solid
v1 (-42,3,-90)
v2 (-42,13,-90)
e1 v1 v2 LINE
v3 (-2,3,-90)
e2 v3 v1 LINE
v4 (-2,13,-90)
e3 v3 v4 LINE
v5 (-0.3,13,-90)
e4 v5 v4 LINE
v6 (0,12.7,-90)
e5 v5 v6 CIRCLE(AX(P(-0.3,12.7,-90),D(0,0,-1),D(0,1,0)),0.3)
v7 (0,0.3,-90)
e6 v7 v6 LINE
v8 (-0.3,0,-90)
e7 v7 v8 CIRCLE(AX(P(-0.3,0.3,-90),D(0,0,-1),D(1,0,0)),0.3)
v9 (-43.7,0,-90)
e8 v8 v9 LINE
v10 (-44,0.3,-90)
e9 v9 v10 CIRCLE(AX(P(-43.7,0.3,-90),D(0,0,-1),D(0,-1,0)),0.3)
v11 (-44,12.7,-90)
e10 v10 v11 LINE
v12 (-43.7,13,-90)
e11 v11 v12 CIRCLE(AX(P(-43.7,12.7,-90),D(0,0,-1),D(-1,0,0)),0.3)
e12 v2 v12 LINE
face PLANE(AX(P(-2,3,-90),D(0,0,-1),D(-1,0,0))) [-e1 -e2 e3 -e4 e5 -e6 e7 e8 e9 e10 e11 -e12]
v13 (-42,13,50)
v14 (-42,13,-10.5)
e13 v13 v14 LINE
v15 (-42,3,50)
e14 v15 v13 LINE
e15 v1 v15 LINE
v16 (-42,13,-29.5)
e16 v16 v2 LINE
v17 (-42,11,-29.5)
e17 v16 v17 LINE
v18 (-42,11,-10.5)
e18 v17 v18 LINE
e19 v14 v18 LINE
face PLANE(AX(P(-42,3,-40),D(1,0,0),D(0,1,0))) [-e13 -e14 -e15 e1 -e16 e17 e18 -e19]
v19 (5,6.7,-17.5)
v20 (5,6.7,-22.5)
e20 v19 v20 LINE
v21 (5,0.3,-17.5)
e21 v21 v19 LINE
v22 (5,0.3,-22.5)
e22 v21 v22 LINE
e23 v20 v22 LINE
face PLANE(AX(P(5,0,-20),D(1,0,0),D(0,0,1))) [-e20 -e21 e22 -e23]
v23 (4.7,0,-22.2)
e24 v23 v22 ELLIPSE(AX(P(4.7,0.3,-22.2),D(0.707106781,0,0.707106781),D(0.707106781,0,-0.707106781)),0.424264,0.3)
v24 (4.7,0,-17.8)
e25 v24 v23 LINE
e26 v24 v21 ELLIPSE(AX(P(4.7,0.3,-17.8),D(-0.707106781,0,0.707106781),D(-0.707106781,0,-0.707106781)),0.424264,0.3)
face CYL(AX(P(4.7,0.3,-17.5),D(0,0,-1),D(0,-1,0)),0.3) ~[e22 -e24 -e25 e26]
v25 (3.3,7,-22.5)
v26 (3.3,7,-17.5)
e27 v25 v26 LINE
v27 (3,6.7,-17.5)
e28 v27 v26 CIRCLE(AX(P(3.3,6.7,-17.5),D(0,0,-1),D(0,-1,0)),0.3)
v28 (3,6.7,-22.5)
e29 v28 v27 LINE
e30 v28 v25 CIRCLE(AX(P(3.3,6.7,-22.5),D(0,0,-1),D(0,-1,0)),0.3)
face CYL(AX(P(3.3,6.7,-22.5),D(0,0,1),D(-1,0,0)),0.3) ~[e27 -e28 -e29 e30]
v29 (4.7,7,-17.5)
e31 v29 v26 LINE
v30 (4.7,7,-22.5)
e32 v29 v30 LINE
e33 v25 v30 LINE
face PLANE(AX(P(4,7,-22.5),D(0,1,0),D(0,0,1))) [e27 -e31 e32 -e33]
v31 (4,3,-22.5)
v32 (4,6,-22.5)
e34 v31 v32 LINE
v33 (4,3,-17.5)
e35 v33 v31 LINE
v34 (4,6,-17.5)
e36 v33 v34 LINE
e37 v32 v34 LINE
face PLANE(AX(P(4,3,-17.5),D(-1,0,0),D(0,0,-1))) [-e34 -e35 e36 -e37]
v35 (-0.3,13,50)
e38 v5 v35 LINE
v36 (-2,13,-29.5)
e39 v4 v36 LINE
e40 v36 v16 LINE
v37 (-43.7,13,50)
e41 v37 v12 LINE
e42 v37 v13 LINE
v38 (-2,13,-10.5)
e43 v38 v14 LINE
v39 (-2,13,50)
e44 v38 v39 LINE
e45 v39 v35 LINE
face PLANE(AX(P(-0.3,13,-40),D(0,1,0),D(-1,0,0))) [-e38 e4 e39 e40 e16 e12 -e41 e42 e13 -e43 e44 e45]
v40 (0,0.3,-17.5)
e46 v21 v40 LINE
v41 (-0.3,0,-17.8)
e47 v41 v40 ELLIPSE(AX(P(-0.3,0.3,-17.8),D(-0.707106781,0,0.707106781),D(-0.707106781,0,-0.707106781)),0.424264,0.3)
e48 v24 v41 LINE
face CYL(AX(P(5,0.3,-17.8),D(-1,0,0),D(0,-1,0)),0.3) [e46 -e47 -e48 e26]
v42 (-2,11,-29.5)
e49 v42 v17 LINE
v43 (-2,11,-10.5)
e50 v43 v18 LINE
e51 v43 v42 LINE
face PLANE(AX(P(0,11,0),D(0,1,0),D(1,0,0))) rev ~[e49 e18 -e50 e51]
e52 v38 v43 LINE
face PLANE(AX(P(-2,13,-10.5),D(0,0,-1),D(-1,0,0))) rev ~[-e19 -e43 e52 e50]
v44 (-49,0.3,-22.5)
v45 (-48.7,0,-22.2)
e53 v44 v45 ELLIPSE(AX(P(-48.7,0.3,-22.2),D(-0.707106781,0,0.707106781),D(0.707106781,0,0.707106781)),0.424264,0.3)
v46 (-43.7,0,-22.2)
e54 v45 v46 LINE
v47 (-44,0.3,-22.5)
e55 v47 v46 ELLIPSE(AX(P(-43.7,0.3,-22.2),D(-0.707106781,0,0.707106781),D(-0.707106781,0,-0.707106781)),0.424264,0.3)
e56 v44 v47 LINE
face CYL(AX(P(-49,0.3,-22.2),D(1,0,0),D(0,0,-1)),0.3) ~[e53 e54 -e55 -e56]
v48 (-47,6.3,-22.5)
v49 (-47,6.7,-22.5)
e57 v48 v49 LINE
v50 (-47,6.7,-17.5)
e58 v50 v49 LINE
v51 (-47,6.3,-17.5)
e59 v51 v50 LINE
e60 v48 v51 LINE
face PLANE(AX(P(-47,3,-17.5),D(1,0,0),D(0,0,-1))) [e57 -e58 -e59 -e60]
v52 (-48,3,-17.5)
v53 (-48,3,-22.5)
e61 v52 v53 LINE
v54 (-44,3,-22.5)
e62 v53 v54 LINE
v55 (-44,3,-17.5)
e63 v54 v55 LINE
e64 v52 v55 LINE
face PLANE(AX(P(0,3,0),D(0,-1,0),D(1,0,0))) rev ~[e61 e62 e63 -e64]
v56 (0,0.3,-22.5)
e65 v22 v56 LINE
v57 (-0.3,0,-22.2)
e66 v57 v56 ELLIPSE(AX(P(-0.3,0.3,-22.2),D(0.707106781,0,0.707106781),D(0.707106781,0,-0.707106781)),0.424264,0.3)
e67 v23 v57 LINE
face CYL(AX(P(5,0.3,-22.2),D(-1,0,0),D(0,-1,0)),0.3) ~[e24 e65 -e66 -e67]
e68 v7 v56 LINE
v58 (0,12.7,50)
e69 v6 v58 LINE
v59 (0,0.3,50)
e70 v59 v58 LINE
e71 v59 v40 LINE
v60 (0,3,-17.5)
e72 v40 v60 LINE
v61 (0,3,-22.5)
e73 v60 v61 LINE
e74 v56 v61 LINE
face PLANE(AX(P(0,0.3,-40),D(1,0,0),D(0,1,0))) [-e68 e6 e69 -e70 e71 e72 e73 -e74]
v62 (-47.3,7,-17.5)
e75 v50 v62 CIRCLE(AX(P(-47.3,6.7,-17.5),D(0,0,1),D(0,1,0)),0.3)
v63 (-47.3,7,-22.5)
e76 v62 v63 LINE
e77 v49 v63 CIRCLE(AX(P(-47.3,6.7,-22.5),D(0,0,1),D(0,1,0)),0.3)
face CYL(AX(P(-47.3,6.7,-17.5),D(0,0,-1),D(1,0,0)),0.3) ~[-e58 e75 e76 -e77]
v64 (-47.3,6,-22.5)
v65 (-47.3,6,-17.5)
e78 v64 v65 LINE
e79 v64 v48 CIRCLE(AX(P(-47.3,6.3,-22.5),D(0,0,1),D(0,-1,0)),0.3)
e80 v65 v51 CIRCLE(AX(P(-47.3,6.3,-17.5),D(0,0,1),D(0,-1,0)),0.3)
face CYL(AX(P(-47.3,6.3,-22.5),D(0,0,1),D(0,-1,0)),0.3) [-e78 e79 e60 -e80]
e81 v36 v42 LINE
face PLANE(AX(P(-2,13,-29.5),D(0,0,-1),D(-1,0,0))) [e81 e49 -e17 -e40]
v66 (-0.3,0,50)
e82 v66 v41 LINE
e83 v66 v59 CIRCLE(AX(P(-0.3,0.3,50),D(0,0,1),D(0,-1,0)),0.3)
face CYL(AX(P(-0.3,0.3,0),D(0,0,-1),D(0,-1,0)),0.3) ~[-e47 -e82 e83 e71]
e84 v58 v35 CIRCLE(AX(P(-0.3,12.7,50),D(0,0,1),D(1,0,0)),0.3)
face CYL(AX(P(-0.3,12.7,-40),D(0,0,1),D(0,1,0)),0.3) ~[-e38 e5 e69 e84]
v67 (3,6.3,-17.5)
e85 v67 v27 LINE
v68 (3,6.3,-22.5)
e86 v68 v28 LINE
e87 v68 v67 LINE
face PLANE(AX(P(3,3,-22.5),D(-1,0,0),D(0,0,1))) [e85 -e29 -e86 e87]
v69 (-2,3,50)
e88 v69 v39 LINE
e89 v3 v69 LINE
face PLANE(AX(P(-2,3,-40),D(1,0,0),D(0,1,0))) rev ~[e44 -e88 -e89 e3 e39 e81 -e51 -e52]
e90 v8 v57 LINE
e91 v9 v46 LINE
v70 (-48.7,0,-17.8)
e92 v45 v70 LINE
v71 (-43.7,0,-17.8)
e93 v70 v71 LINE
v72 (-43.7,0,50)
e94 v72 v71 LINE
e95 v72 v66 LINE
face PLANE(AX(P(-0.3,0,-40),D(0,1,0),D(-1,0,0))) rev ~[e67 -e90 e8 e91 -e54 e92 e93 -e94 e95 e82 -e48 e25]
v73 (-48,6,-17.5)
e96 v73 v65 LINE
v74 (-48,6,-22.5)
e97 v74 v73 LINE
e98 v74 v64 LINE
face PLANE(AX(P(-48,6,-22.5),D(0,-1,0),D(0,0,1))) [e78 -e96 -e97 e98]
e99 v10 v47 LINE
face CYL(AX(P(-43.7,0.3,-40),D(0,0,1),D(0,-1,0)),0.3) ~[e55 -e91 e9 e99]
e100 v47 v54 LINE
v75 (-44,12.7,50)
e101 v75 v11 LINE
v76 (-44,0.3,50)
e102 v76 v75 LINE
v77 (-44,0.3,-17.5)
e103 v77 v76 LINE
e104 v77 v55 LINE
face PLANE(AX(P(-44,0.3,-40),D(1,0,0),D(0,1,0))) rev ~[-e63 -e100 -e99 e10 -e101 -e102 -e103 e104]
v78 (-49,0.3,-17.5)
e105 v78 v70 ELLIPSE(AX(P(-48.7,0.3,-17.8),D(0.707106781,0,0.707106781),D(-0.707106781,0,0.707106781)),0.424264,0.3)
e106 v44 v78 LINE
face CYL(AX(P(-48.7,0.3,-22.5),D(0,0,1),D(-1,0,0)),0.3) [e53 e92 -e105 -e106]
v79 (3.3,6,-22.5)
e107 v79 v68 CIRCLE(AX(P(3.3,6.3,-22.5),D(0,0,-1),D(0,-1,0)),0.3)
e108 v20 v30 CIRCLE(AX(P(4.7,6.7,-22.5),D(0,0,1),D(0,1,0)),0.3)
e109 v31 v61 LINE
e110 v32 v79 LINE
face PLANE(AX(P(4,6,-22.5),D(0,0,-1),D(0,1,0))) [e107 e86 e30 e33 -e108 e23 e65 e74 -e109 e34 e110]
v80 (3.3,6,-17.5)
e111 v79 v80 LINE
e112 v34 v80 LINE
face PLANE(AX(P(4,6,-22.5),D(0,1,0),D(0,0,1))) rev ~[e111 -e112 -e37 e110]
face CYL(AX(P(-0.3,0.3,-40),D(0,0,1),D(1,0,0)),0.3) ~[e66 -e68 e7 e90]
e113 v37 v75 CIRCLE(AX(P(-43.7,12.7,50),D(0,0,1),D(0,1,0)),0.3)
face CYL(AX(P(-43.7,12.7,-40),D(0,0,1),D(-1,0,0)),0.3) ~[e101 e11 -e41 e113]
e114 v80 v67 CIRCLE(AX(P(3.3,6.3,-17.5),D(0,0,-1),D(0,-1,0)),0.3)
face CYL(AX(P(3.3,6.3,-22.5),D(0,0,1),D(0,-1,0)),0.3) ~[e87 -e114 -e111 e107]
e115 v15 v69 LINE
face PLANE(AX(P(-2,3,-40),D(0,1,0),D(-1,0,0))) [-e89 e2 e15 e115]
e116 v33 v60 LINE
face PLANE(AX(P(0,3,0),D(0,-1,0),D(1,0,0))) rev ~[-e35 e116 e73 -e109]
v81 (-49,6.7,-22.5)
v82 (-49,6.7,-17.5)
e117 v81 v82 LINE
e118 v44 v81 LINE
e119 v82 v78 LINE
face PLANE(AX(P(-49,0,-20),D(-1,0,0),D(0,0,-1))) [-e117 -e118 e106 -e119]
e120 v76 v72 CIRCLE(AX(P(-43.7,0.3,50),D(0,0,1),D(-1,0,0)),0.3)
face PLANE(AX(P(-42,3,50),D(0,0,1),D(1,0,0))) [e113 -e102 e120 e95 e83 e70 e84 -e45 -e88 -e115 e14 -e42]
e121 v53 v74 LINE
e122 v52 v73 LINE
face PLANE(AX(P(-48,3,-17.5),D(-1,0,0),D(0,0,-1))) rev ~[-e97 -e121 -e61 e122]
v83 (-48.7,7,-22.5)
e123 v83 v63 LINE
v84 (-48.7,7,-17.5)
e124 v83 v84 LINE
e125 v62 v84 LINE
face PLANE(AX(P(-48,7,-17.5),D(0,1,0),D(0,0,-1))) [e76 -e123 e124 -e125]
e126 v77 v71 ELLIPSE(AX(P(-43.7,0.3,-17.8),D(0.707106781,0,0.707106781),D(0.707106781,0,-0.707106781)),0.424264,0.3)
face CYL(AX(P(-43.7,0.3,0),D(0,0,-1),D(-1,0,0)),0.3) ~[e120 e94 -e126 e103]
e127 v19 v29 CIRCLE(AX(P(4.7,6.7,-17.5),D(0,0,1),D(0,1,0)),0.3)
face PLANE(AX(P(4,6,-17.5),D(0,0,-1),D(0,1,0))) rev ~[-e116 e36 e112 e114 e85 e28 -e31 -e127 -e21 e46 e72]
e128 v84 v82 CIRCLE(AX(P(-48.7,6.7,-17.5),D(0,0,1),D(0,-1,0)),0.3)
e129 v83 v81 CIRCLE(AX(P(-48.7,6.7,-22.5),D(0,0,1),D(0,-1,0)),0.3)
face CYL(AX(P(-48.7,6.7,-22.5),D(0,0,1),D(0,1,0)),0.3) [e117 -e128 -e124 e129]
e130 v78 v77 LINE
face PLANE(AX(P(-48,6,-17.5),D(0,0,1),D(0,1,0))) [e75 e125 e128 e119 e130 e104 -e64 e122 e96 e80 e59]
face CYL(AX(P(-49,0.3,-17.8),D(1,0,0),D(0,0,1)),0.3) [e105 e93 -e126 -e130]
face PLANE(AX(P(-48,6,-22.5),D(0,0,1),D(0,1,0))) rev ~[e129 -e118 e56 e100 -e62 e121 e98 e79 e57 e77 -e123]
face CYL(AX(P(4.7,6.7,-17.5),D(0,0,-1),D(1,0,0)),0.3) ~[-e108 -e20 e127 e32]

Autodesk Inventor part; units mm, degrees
ref_plane "YZ Plane" through (0, 0, 0) normal (1, 0, 0) x (0, 1, 0)
ref_plane "XZ Plane" through (0, 0, 0) normal (0, 1, 0) x (-1, 0, 0)
ref_plane "XY Plane" through (0, 0, 0) normal (0, 0, 1) x (1, 0, 0)
sketch "Szkic1" plane through (0, 0, 0) normal (0, 1, 0) x (-1, 0, 0)
  line L0 (0, 0) -> (0, -40)
  line L1 (0, 0) -> (44, 0)
  line L2 (44, 0) -> (44, -40)
  line L3 (0, -40) -> (44, -40)
  dimension "d0" = 40
  dimension "d1" = 44
extrude "Wyciągnięcie proste1" add sketch "Szkic1" along normal blind 3
sketch "Szkic2" plane through (0, 3, 0) normal (0, 1, 0) x (1, 0, 0)
  line L0 (0, 0) -> (0, 40) projected
  line L1 (0, 40) -> (-44, 40) projected
  line L2 (-44, 40) -> (-44, 0) projected
  line L3 (-44, 0) -> (0, 0) projected
  line L4 (-42, 2) -> (-42, 38)
  line L5 (-42, 38) -> (-2, 38)
  line L6 (-2, 38) -> (-2, 2)
  line L7 (-2, 2) -> (-42, 2)
  line L8 (-42, 38) -> (-42, 40)
  line L9 (-2, 38) -> (-2, 40)
  line L10 (-2, 2) -> (-2, 0)
  line L11 (-42, 2) -> (-42, 0)
  dimension "d4" = 2
extrude "Wyciągnięcie proste2" add sketch "Szkic2" along normal blind 10 contours L3 L10 L6 L9 L1 L0 | L3 L2 L1 L8 L4 L11
sketch "Szkic3" plane through (0, 0, 0) normal (0, -1, 0) x (1, 0, 0)
  line L0 (0, 0) -> (0, -40) projected
  line L1 (-44, 0) -> (0, 0) projected
  line L2 (-44, -40) -> (-44, 0) projected
  line L3 (0, -40) -> (-44, -40) projected
  line L4 (0, -20) -> (5, -20)
  line L5 (-44, -20) -> (-49, -20) construction
  line L6 (-49, -20) -> (-49, -22.5)
  line L7 (-49, -20) -> (-49, -17.5)
  line L8 (5, -20) -> (5, -22.5)
  line L9 (5, -22.5) -> (5, -20)
  line L10 (5, -20) -> (5, -17.5)
  line L11 (5, -17.5) -> (0, -17.5)
  line L12 (5, -22.5) -> (0, -22.5)
  line L13 (-49, -22.5) -> (-44, -22.5)
  line L14 (-49, -17.5) -> (-44, -17.5)
  dimension "d7" = 5
  dimension "d8" = 5
  dimension "d9" = 2.5
  dimension "d10" = 2.5
  dimension "d11" = 2.5
  dimension "d12" = 2.5
extrude "Wyciągnięcie proste3" add sketch "Szkic3" against normal blind 3 contours L11 L10 L4 L0 | L4 L8 L12 L0 | L2 L13 L6 L7 L14
sketch "Szkic4" plane through (0, 3, 0) normal (0, 1, 0) x (1, 0, 0)
  line L0 (5, 17.5) -> (5, 22.5) projected
  line L1 (5, 22.5) -> (0, 22.5) projected
  line L2 (0, 17.5) -> (0, 22.5) projected
  line L3 (0, 17.5) -> (5, 17.5) projected
  line L4 (5, 17.5) -> (4, 17.5)
  line L5 (4, 17.5) -> (4, 22.5)
  line L6 (4, 22.5) -> (5, 22.5)
  line L7 (5, 22.5) -> (5, 17.5)
  line L8 (-49, 22.5) -> (-49, 17.5) projected
  line L9 (-49, 17.5) -> (-44, 17.5) projected
  line L10 (-44, 22.5) -> (-44, 17.5) projected
  line L11 (-44, 22.5) -> (-49, 22.5) projected
  line L12 (-49, 17.5) -> (-48, 17.5)
  line L13 (-48, 17.5) -> (-48, 22.5)
  line L14 (-48, 22.5) -> (-49, 22.5)
  line L15 (-49, 22.5) -> (-49, 17.5)
  point P0 (0, 0)
  dimension "d15" = 1
  dimension "d16" = 1
extrude "Wyciągnięcie proste4" add sketch "Szkic4" along normal blind 4 contours L3 L5 L1 L0 | L11 L13 L9 L8
sketch "Szkic5" plane through (4, 3, -22.5) normal (-1, 0, 0) x (0, 0, 1)
  line L0 (5, 0) -> (0, 0) projected
  line L1 (5, 0) -> (5, 4) projected
  line L2 (0, 4) -> (5, 4) projected
  line L3 (0, 0) -> (0, 4) projected
  line L4 (5, 4) -> (0, 4)
  line L5 (0, 4) -> (0, 3)
  line L6 (0, 3) -> (5, 3)
  line L7 (5, 3) -> (5, 4)
  point P0 (22.5, -3)
  dimension "d19" = 5
  dimension "d20" = 1
extrude "Wyciągnięcie proste5" add sketch "Szkic5" along normal blind 1 contours L6 L3 L2 L1
sketch "Szkic6" plane through (-48, 3, -17.5) normal (1, 0, 0) x (0, 0, -1)
  line L0 (5, 0) -> (0, 0) projected
  line L1 (5, 0) -> (5, 4) projected
  line L2 (0, 4) -> (5, 4) projected
  line L3 (0, 0) -> (0, 4) projected
  line L4 (0, 4) -> (5, 4)
  line L5 (5, 4) -> (5, 3)
  line L6 (5, 3) -> (0, 3)
  line L7 (0, 3) -> (0, 4)
  point P0 (-17.5, -3)
  point P1 (0, 3)
  point P2 (5, 3)
  dimension "d23" = 5
  dimension "d24" = 1
extrude "Wyciągnięcie proste6" add sketch "Szkic6" along normal blind 1 contours L6 L3 L2 L1
fillet "Zaokrąglenie1" radius 0.3 18 edges at (-49, 0, -20) (5, 0, -20) (5, 7, -20) (-49, 7, -20) (-44, 0, -31.25) (0, 0, -31.25) (0, 0, -8.75) (2.5, 0, -17.5) (2.5, 0, -22.5) (-44, 0, -8.75) (-46.5, 0, -17.5) (-46.5, 0, -22.5) (0, 13, -20) (-44, 13, -20) (-47, 7, -20) (3, 7, -20) (3, 6, -20) (-47, 6, -20)
sketch "Szkic8" plane through (-42, 3, 0) normal (0, 0, 1) x (1, 0, 0)
  arc A0 (-1.7, 10) -> (-2, 9.7) centre (-1.7, 9.7) ccw projected
  line L0 (-2, -2.7) -> (-2, 9.7) projected
  arc A1 (-2, -2.7) -> (-1.7, -3) centre (-1.7, -2.7) ccw projected
  line L1 (-1.7, -3) -> (41.7, -3) projected
  arc A2 (41.7, -3) -> (42, -2.7) centre (41.7, -2.7) ccw projected
  line L2 (42, -2.7) -> (42, 9.7) projected
  arc A3 (42, 9.7) -> (41.7, 10) centre (41.7, 9.7) ccw projected
  line L3 (40, 10) -> (41.7, 10) projected
  line L4 (40, 0) -> (40, 10) projected
  line L5 (0, 0) -> (40, 0) projected
  line L6 (0, 0) -> (0, 10) projected
  line L7 (-1.7, 10) -> (0, 10) projected
  point P0 (42, -3)
extrude "Wyciągnięcie proste7" add sketch "Szkic8" along normal blind 50
sketch "Szkic9" plane through (-2, 3, -40) normal (0, 0, -1) x (-1, 0, 0)
  arc A0 (42, 9.7) -> (41.7, 10) centre (41.7, 9.7) ccw projected
  line L0 (40, 10) -> (41.7, 10) projected
  line L1 (40, 0) -> (40, 10) projected
  line L2 (0, 0) -> (40, 0) projected
  line L3 (0, 0) -> (0, 10) projected
  line L4 (-1.7, 10) -> (0, 10) projected
  arc A1 (-1.7, 10) -> (-2, 9.7) centre (-1.7, 9.7) ccw projected
  line L5 (-2, -2.7) -> (-2, 9.7) projected
  arc A2 (-2, -2.7) -> (-1.7, -3) centre (-1.7, -2.7) ccw projected
  line L6 (-1.7, -3) -> (41.7, -3) projected
  arc A3 (41.7, -3) -> (42, -2.7) centre (41.7, -2.7) ccw projected
  line L7 (42, -2.7) -> (42, 9.7) projected
  point P0 (-2, -3)
extrude "Wyciągnięcie proste8" add sketch "Szkic9" along normal blind 50
sketch "Szkic10" plane through (0, 13, 0) normal (0, 1, 0) x (1, 0, 0)
  line L0 (-43.7, 90) -> (-43.7, -50) projected
  line L1 (-42, -50) -> (-43.7, -50) projected
  line L2 (-42, 90) -> (-42, -50) projected
  line L3 (-43.7, 90) -> (-42, 90) projected
  line L4 (-2, -50) -> (-2, 90) projected
  line L5 (-2, -50) -> (-2, 90) projected
  line L6 (-42, 90) -> (-2, 90) projected
  line L7 (-42, 90) -> (-42, -50) projected
  line L8 (-2, -50) -> (-42, -50) projected
  line L9 (-44, 22.5) -> (-48, 22.5) projected
  line L10 (-48, 22.5) -> (-48, 17.5) projected
  line L11 (-48, 17.5) -> (-44, 17.5) projected
  line L12 (-44, 22.5) -> (-44, 17.5) projected
  line L13 (-44, 22.5) -> (-48, 22.5) projected
  line L14 (-49, 22.5) -> (-49, 17.5) projected
  line L15 (-48, 22.5) -> (-48, 17.5) projected
  line L16 (-42, 17.5) -> (-2, 17.5)
  line L17 (-2, 17.5) -> (-2, 22.5)
  line L18 (-2, 22.5) -> (-42, 22.5)
  line L19 (-42, 22.5) -> (-42, 17.5)
  line L20 (-42, 17.5) -> (-2, 17.5)
  line L21 (-2, 17.5) -> (-2, 10.5)
  line L22 (-2, 10.5) -> (-42, 10.5)
  line L23 (-42, 10.5) -> (-42, 17.5)
  line L24 (-42, 22.5) -> (-2, 22.5)
  line L25 (-2, 22.5) -> (-2, 29.5)
  line L26 (-2, 29.5) -> (-42, 29.5)
  line L27 (-42, 29.5) -> (-42, 22.5)
  point P0 (0, 0)
  dimension "d32" = 5
  dimension "d33" = 40
  dimension "d34" = 7
  dimension "d35" = 40
  dimension "d36" = 7
extrude "Wyciągnięcie proste9" add sketch "Szkic10" against normal blind 2 contours L26 L4 L18 L2 | L2 L16 L4 L22 | L18 L4 L16 L2
properties part number "obudowa"
